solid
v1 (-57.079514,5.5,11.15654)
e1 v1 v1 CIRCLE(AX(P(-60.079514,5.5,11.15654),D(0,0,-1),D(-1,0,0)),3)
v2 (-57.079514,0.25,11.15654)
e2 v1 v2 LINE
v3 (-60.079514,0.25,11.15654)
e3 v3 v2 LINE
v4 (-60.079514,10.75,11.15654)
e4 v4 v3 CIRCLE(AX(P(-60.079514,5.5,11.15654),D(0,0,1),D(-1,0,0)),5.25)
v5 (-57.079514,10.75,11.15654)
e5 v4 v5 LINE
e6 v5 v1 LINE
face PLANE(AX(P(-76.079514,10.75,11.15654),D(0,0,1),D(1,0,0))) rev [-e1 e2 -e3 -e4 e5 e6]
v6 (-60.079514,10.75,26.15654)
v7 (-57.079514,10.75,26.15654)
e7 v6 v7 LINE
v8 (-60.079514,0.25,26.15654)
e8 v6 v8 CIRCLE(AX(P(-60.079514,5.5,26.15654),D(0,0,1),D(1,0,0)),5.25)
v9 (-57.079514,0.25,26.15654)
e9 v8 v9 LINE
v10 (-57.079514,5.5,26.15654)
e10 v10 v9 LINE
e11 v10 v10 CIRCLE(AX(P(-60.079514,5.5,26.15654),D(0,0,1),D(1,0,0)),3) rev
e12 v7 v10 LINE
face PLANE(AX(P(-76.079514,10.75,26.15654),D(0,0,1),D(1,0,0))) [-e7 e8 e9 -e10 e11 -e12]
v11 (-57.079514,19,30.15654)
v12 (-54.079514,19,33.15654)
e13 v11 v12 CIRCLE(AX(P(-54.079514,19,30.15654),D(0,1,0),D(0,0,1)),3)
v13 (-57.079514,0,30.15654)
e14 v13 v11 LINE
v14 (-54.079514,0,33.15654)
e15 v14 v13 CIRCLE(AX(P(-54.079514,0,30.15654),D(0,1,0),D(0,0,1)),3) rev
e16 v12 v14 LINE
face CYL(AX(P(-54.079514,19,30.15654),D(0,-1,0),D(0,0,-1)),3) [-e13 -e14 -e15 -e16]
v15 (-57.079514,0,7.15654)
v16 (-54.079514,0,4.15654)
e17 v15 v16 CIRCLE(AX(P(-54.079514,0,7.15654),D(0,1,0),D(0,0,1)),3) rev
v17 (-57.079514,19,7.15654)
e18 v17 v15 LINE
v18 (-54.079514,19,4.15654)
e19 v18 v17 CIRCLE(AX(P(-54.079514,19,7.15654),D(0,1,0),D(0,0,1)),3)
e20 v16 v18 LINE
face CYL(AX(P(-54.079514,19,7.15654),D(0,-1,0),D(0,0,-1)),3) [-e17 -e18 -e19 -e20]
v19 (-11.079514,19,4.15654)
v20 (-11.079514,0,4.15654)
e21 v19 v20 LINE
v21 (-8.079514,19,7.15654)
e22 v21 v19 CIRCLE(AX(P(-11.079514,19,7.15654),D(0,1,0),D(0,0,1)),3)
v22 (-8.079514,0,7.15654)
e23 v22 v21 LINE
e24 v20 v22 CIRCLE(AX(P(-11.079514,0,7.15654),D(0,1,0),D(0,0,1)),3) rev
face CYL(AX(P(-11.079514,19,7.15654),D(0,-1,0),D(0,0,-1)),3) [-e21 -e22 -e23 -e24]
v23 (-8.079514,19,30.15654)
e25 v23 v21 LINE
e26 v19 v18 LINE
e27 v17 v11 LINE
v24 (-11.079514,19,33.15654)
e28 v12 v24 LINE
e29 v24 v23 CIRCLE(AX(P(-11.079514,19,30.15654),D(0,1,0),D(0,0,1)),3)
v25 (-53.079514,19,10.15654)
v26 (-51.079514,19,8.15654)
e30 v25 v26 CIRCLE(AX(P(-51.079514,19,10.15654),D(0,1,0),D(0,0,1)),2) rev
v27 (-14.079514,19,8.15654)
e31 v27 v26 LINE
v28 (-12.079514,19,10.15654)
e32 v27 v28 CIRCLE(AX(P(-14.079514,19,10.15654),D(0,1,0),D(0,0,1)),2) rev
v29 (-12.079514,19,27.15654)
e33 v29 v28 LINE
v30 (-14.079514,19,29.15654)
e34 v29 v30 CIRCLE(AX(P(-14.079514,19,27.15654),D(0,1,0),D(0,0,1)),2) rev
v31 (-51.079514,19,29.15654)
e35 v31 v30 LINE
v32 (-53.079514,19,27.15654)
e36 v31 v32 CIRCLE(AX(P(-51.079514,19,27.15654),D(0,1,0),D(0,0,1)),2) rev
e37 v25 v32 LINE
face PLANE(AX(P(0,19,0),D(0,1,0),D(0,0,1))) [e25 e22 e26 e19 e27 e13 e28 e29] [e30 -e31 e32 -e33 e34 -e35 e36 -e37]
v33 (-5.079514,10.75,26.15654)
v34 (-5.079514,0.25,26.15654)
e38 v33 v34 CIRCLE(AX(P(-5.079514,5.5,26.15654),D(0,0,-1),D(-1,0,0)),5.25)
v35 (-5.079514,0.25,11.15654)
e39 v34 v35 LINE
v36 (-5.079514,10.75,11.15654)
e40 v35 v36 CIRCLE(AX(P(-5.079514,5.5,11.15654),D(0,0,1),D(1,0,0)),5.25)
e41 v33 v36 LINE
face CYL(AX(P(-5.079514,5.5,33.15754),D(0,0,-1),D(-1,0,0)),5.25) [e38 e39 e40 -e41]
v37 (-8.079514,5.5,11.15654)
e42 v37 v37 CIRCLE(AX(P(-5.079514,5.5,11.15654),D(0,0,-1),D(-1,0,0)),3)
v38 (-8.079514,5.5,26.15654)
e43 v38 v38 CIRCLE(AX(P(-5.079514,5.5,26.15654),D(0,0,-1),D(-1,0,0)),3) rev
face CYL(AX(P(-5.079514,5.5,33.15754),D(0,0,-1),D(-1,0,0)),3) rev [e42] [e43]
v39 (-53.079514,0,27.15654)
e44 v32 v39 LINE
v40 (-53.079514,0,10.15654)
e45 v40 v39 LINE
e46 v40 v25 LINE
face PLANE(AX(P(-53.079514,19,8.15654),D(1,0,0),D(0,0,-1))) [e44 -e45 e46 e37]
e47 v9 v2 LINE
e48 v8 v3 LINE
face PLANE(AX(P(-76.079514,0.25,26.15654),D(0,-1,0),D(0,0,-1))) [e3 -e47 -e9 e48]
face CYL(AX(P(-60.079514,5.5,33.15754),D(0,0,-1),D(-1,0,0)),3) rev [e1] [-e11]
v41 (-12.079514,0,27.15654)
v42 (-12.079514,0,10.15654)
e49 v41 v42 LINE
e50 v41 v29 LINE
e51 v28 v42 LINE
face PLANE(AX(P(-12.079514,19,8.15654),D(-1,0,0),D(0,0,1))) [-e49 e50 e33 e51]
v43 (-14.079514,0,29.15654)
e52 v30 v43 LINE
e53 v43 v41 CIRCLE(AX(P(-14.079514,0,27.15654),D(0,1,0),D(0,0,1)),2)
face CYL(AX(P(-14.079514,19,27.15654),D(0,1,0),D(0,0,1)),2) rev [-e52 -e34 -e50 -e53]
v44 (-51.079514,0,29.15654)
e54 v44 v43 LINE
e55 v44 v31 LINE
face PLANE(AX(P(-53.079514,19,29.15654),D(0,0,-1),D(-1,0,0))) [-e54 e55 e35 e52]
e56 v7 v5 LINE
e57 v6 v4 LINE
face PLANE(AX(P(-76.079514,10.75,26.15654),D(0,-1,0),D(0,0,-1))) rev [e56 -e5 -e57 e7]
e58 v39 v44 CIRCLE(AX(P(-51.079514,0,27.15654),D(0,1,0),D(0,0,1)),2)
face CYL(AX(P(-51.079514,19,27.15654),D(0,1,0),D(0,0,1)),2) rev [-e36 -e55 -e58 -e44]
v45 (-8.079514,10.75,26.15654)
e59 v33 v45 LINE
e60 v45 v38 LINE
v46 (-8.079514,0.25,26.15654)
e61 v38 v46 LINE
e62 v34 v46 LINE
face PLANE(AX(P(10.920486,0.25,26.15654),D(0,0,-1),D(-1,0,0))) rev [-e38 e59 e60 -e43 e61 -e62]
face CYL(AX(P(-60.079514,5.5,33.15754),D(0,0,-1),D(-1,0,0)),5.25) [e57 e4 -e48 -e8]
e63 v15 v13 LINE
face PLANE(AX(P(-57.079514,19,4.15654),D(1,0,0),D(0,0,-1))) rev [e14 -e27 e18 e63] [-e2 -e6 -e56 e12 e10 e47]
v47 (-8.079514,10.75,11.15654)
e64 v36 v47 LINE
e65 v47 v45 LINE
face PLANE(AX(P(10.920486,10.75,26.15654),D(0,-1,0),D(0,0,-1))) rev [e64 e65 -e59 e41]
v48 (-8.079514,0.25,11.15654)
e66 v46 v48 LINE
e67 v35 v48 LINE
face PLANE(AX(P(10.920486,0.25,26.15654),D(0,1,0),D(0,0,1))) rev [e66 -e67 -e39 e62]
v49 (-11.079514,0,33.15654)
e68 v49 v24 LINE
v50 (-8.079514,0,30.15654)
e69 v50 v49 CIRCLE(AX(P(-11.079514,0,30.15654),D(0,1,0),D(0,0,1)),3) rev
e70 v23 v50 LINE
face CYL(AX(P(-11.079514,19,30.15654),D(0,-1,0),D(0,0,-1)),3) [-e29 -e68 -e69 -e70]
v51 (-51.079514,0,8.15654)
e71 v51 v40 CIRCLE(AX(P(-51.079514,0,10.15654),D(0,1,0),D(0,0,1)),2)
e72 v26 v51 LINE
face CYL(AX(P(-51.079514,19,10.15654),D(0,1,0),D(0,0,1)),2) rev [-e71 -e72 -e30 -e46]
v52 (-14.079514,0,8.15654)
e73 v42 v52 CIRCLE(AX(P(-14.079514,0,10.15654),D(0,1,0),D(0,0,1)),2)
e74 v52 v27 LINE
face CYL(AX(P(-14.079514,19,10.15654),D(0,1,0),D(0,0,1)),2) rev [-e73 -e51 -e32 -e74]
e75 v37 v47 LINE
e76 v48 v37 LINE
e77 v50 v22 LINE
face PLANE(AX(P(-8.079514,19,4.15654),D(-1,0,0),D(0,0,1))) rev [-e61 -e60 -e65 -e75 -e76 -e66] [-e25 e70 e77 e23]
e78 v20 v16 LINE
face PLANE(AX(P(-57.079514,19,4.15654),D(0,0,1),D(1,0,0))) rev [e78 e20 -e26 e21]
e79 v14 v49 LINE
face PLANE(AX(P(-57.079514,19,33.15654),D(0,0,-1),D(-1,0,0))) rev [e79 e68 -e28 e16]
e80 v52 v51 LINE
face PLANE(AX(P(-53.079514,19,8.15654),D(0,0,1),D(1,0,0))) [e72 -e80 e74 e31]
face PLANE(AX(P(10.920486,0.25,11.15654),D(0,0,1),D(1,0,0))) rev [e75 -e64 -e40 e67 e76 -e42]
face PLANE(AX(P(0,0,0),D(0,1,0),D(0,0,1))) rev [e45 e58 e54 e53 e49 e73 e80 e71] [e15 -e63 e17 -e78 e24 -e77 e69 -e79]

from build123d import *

# Parameters (mm, degrees)
ESQUISSE1_W             = 49
ESQUISSE1_H             = 29
ESQUISSE1_W_2           = 41
ESQUISSE1_H_2           = 21
BOSS_EXTRU_1_DEPTH      = 19
CONG_1_R                = 3
CONG_2_R                = 2
ESQUISSE2_W             = 15
ESQUISSE2_H             = 10.5
BOSS_EXTRU_2_DEPTH      = 19
ESQUISSE3_W             = 15
ESQUISSE3_H             = 10.5
BOSS_EXTRU_3_DEPTH      = 19
ENL_V_MAT_EXTRU_1_REACH = 83.444
ESQUISSE5_R             = 3
ENL_V_MAT_EXTRU_2_REACH = 83.444
ENL_V_MAT_EXTRU_3_REACH = 73.505
ESQUISSE8_R             = 3
ENL_V_MAT_EXTRU_4_REACH = 73.505


with BuildPart() as part:
    # Esquisse1 → Boss.-Extru.1 (new body)
    with BuildSketch(Plane(origin=(0, 0, 0), x_dir=(1, 0, 0), z_dir=(0, 1, 0))):
        with Locations((-32.579514124, -18.656539988)):
            Rectangle(ESQUISSE1_W, ESQUISSE1_H)
        with Locations((-32.579514124, -18.656539988)):
            Rectangle(ESQUISSE1_W_2, ESQUISSE1_H_2, mode=Mode.SUBTRACT)
    extrude(amount=BOSS_EXTRU_1_DEPTH)

    # Congé1
    cong_1_edges = [part.edges().sort_by_distance(p)[0] for p in [
        (-57.079514124, 9.5, 4.156539988),
        (-8.079514124, 9.5, 4.156539988),
        (-8.079514124, 9.5, 33.156539988),
        (-57.079514124, 9.5, 33.156539988),
    ]]
    fillet(cong_1_edges, radius=CONG_1_R)

    # Congé2
    cong_2_edges = [part.edges().sort_by_distance(p)[0] for p in [
        (-53.079514124, 9.5, 8.156539988),
        (-53.079514124, 9.5, 29.156539988),
        (-12.079514124, 9.5, 29.156539988),
        (-12.079514124, 9.5, 8.156539988),
    ]]
    fillet(cong_2_edges, radius=CONG_2_R)

    # Esquisse2 → Boss.-Extru.2 (add)
    with BuildSketch(Plane(origin=(-8.079514124, 0, 0), x_dir=(0, 0, -1), z_dir=(1, 0, 0))):
        with Locations((-18.656539988, 5.5)):
            Rectangle(ESQUISSE2_W, ESQUISSE2_H)
    extrude(amount=BOSS_EXTRU_2_DEPTH)

    # Esquisse3 → Boss.-Extru.3 (add)
    with BuildSketch(Plane.ZY.offset(57.079514124)):
        with Locations((18.656539988, 5.5)):
            Rectangle(ESQUISSE3_W, ESQUISSE3_H)
    extrude(amount=BOSS_EXTRU_3_DEPTH)

    # Esquisse5 → Enlèv. mat.-Extru.1 (cut, up to next)
    with BuildSketch(Plane(origin=(0, 0, 11.156539988), x_dir=(-1, 0, 0), z_dir=(0, 0, -1)), mode=Mode.PRIVATE) as enl_v_mat_extru_1_sk1:
        with Locations(Location((60.079514124, 5.5, 0), (0, 0, 180))):
            Circle(ESQUISSE5_R)
    enl_v_mat_extru_1_tool1 = extrude(enl_v_mat_extru_1_sk1.sketch, amount=-ENL_V_MAT_EXTRU_1_REACH, mode=Mode.PRIVATE) & part.part
    add(enl_v_mat_extru_1_tool1.solids().sort_by_distance((-60.079514, 5.5, 11.15654))[0], mode=Mode.SUBTRACT)

    # Esquisse7 → Enlèv. mat.-Extru.2 (cut, up to next)
    with BuildSketch(Plane(origin=(0, 0, 11.156539988), x_dir=(-1, 0, 0), z_dir=(0, 0, -1)), mode=Mode.PRIVATE) as enl_v_mat_extru_2_sk1:
        with BuildLine():
            Line((60.079514124, 0.25), (76.079514124, 0.25))
            Line((76.079514124, 0.25), (76.079514124, 10.75))
            Line((76.079514124, 10.75), (60.079514124, 10.75))
            ThreePointArc((60.079514124, 10.75), (65.329514124, 5.5), (60.079514124, 0.25))
        make_face()
    enl_v_mat_extru_2_tool1 = extrude(enl_v_mat_extru_2_sk1.sketch, amount=-ENL_V_MAT_EXTRU_2_REACH, mode=Mode.PRIVATE) & part.part
    add(enl_v_mat_extru_2_tool1.solids().sort_by_distance((-70.083379, 5.5, 11.15654))[0], mode=Mode.SUBTRACT)

    # Esquisse8 → Enlèv. mat.-Extru.3 (cut, up to next)
    with BuildSketch(Plane(origin=(0, 0, 11.156539988), x_dir=(-1, 0, 0), z_dir=(0, 0, -1)), mode=Mode.PRIVATE) as enl_v_mat_extru_3_sk1:
        with Locations((5.079514124, 5.5)):
            Circle(ESQUISSE8_R)
    enl_v_mat_extru_3_tool1 = extrude(enl_v_mat_extru_3_sk1.sketch, amount=-ENL_V_MAT_EXTRU_3_REACH, mode=Mode.PRIVATE) & part.part
    add(enl_v_mat_extru_3_tool1.solids().sort_by_distance((-5.079514, 5.5, 11.15654))[0], mode=Mode.SUBTRACT)

    # Esquisse9 → Enlèv. mat.-Extru.4 (cut, up to next)
    with BuildSketch(Plane(origin=(0, 0, 11.156539988), x_dir=(-1, 0, 0), z_dir=(0, 0, -1)), mode=Mode.PRIVATE) as enl_v_mat_extru_4_sk1:
        with BuildLine():
            Line((5.079514124, 0.25), (-10.920485876, 0.25))
            Line((-10.920485876, 0.25), (-10.920485876, 10.75))
            Line((-10.920485876, 10.75), (5.079514124, 10.75))
            ThreePointArc((5.079514124, 10.75), (-0.170485876, 5.5), (5.079514124, 0.25))
        make_face()
    enl_v_mat_extru_4_tool1 = extrude(enl_v_mat_extru_4_sk1.sketch, amount=-ENL_V_MAT_EXTRU_4_REACH, mode=Mode.PRIVATE) & part.part
    add(enl_v_mat_extru_4_tool1.solids().sort_by_distance((4.924351, 5.5, 11.15654))[0], mode=Mode.SUBTRACT)


solid = part.part
